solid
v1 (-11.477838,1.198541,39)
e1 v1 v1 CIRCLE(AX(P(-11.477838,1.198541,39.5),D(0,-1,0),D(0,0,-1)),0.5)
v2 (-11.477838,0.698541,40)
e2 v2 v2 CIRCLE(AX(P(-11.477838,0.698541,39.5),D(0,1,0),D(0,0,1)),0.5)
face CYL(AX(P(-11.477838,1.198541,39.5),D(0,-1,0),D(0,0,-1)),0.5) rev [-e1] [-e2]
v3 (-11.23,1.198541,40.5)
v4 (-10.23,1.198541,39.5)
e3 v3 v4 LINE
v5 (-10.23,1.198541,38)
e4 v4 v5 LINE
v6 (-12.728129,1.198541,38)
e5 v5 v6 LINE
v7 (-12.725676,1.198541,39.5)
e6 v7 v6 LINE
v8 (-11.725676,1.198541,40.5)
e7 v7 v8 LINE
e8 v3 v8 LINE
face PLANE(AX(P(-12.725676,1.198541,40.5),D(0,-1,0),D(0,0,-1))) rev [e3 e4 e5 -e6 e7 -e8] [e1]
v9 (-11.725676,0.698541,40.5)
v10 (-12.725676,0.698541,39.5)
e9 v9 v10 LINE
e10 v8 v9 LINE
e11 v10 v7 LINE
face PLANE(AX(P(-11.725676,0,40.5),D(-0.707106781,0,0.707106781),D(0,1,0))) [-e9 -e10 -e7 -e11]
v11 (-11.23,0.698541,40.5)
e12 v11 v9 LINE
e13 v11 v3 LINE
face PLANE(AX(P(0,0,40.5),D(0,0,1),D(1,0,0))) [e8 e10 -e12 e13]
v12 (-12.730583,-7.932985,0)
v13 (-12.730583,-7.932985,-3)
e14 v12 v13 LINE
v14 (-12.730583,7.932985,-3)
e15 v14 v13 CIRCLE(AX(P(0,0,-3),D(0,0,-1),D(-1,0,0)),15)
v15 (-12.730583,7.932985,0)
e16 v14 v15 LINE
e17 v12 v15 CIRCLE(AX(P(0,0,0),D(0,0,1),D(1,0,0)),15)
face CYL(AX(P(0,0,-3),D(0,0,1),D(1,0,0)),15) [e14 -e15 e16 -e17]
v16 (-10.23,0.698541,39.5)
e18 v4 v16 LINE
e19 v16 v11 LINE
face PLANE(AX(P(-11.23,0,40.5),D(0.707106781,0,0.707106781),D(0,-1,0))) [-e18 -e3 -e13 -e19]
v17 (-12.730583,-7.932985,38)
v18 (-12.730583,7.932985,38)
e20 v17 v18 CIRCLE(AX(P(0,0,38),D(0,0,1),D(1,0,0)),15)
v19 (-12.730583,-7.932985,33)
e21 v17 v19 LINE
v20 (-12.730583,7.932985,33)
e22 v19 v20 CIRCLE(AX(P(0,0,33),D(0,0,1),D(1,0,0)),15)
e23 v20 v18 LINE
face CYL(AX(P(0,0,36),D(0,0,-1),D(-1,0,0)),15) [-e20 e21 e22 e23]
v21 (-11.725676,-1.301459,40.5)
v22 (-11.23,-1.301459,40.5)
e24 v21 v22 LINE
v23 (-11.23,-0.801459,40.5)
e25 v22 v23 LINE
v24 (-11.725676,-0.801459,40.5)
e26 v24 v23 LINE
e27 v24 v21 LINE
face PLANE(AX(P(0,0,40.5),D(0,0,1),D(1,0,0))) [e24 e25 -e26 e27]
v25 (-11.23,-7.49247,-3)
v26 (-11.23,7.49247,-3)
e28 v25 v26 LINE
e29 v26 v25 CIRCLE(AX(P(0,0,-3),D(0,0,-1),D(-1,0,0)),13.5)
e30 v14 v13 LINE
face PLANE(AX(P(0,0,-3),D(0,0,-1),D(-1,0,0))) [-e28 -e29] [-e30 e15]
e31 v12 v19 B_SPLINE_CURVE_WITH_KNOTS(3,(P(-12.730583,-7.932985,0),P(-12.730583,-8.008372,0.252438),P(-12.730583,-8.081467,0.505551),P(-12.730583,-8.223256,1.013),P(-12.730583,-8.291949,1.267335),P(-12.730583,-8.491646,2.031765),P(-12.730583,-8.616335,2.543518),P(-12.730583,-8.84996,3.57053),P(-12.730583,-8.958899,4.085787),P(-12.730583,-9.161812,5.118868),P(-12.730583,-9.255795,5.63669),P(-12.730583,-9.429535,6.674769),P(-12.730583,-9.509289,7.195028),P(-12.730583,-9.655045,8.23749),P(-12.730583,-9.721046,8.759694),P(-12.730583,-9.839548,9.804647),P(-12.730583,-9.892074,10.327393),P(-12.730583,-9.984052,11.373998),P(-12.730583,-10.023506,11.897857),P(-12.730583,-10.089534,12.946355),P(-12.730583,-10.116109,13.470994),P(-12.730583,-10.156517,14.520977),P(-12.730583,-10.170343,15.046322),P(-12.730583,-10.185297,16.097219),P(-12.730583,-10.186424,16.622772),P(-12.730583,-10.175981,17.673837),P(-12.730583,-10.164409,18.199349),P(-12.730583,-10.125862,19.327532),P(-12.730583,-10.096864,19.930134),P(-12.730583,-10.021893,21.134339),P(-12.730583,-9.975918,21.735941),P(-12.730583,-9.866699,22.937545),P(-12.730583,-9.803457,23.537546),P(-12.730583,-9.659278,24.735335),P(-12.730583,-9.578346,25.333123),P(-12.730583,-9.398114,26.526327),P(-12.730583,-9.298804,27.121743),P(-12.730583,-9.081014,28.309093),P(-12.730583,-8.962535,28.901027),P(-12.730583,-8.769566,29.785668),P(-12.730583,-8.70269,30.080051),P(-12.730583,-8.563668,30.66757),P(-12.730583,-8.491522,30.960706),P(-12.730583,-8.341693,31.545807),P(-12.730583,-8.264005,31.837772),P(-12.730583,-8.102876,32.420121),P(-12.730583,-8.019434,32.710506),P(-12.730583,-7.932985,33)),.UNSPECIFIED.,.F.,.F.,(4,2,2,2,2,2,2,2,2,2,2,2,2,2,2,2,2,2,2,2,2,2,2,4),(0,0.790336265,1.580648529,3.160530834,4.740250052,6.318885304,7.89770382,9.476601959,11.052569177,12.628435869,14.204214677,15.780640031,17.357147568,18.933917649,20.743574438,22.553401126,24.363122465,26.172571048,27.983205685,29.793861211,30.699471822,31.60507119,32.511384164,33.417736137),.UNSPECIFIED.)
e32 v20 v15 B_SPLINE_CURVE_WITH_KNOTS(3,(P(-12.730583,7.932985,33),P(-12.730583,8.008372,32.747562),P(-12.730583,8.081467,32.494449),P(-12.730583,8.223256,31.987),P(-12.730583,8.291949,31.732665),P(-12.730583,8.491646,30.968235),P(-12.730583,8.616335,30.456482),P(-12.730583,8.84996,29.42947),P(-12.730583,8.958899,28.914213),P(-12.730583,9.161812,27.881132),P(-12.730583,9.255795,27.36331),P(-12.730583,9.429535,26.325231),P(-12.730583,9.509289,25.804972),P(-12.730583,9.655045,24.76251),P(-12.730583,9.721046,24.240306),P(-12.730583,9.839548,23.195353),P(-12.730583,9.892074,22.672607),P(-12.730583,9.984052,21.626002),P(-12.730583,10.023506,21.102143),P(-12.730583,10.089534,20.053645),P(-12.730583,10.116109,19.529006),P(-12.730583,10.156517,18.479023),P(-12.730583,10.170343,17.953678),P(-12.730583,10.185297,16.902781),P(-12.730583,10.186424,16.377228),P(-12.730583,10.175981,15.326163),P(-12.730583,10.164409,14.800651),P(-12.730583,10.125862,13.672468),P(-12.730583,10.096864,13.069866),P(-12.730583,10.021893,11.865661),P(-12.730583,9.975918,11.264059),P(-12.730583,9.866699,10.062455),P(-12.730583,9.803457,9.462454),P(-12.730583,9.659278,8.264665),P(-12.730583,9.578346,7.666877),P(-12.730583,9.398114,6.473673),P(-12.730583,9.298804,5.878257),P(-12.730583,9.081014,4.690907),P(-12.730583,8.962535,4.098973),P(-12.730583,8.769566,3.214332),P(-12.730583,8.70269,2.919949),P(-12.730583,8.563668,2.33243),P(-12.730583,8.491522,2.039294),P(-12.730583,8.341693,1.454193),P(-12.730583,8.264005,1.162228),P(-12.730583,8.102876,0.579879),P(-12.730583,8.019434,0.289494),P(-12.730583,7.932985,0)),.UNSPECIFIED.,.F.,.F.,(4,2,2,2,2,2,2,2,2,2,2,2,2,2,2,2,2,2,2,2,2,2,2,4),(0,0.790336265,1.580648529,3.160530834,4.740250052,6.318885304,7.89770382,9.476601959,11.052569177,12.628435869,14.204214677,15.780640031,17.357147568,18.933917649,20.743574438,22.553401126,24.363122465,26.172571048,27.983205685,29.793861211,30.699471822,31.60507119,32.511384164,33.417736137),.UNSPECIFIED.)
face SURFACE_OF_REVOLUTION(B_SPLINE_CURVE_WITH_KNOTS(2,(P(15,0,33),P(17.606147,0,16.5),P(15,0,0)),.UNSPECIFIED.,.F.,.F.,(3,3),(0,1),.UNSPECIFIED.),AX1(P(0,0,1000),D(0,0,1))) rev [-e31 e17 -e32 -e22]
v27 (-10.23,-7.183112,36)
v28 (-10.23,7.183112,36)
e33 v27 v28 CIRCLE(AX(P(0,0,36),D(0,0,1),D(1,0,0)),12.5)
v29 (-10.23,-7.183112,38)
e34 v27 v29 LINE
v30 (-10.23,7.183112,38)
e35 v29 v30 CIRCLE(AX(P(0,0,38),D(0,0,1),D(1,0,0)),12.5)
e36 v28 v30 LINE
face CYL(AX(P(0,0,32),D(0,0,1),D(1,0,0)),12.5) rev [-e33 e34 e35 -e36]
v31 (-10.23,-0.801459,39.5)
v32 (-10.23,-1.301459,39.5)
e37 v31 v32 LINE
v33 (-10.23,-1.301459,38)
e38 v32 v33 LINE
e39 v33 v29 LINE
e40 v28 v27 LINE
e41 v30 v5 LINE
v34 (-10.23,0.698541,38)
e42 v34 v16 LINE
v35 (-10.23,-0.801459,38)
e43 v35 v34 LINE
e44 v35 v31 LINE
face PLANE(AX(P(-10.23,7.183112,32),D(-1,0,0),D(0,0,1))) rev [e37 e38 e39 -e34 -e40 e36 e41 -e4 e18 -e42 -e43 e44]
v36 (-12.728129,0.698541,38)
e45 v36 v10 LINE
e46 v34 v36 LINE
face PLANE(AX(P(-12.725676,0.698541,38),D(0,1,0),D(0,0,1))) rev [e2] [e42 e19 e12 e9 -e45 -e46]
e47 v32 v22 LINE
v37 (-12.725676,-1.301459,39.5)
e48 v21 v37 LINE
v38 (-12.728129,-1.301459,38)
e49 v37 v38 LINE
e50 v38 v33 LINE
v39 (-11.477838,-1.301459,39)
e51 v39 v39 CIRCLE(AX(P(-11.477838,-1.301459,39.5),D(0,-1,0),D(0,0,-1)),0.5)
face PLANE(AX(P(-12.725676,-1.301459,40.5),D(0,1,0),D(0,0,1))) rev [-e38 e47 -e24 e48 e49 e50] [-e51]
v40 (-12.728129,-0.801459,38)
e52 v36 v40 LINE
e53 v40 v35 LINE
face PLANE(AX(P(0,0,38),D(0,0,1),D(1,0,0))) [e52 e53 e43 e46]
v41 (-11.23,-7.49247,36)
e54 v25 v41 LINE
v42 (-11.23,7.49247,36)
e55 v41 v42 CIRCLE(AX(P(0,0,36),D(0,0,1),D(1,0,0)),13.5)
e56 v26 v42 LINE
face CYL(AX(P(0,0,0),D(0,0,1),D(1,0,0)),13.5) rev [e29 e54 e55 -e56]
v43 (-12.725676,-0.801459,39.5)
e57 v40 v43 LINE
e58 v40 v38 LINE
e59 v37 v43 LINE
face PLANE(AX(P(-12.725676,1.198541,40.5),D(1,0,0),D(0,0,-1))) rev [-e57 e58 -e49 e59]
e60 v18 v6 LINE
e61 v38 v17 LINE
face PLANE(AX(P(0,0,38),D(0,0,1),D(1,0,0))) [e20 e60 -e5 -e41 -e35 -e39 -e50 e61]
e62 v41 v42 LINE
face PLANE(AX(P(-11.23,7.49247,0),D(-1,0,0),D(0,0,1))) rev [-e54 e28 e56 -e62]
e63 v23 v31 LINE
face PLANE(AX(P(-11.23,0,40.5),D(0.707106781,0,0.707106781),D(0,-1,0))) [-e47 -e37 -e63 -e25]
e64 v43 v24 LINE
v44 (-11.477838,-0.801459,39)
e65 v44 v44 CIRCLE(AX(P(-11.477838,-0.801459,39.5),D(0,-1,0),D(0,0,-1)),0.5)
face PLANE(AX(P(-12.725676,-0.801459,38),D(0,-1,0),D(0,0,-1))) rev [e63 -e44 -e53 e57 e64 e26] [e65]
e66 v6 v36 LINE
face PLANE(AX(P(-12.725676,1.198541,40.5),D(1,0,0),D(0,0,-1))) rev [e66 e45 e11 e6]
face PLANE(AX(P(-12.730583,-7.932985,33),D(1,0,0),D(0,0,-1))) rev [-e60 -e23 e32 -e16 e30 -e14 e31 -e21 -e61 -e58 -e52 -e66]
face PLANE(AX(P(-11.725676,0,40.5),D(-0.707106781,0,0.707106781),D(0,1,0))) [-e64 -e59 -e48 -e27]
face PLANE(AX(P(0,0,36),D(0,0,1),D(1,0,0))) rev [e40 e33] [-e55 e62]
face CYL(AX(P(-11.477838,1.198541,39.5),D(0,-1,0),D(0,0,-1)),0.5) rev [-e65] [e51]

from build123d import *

# Parameters (mm, degrees)
BOSS_EXTRUDE1_DEPTH       = 33
CUT_EXTRUDE2_DEPTH        = 33
CUT_EXTRUDE3_DEPTH        = 33
SKETCH5_R                 = 15
SKETCH5_R_2               = 13.5
BOSS_EXTRUDE2_DEPTH       = 3
SKETCH6_R                 = 15
SKETCH6_R_2               = 13.5
BOSS_EXTRUDE6_DEPTH       = 3
BOSS_EXTRUDE8_DEPTH       = 1
BOSS_EXTRUDE9_DEPTH       = 1
CUT_EXTRUDE4_DEPTH        = 43
BOSS_EXTRUDE16_DEPTH      = 3
BOSS_EXTRUDE16_DEPTH_BACK = 36
BOSS_EXTRUDE18_DEPTH      = 2
CUT_EXTRUDE5_DEPTH        = 6
SKETCH15_W                = 2.495675776
SKETCH15_H                = 2.5
BOSS_EXTRUDE19_DEPTH      = 2.5
SKETCH16_W                = 2.495675776
SKETCH16_H                = 1.5
CUT_EXTRUDE6_DEPTH        = 2.5
SKETCH17_R                = 0.5
CUT_EXTRUDE7_DEPTH        = 2.5
CHAMFER1_SIZE             = 1


with BuildPart() as part:
    # Sketch1 → Boss-Extrude1 (new body)
    with BuildSketch(Plane.XY):
        with BuildLine():
            Line((-12.730582936, -7.932985447), (-12.730582936, 7.932985447))
            ThreePointArc((-12.730582936, 7.932985447), (15, 0), (-12.730582936, -7.932985447))
        make_face()
    extrude(amount=BOSS_EXTRUDE1_DEPTH)

    # Sketch2 → Cut-Extrude2 (cut)
    with BuildSketch(Plane.XY.offset(33)):
        with BuildLine():
            Line((-11.23, 7.492469553), (-11.23, -7.492469553))
            ThreePointArc((-11.23, -7.492469553), (13.5, 0), (-11.23, 7.492469553))
        make_face()
    extrude(amount=-CUT_EXTRUDE2_DEPTH, mode=Mode.SUBTRACT)

    # Sketch3 → Revolve1 (revolve)
    with BuildSketch(Plane(origin=(0, 0, 0), x_dir=(1, 0, 0), z_dir=(0, 1, 0))):
        with BuildLine():
            Line((15, 0), (15, -33))
            add(Edge.make_bspline(
                [(15, 0), (17.606147379, -16.5), (15, -33)],
                knots=[0, 0, 0, 1, 1, 1], degree=2))
        make_face()
    revolve(axis=Axis((0, 0, 1000), (0, 0, -1)))

    # Sketch4 → Cut-Extrude3 (cut)
    with BuildSketch(Plane(origin=(0, 0, 0), x_dir=(-1, 0, 0), z_dir=(0, 0, -1))):
        Polygon((12.730582936, 16.416653829), (12.730582936, -13.128756539), (18.380259155, -13.128756539), (18.380259155, 16.827640991), align=None)
    extrude(amount=-CUT_EXTRUDE3_DEPTH, mode=Mode.SUBTRACT)

    # Sketch5 → Boss-Extrude2 (add)
    with BuildSketch(Plane.XY.offset(33)):
        with Locations(Location((0, 0, 0), (0, 0, 211.9288465))):
            Circle(SKETCH5_R)
        Circle(SKETCH5_R_2, mode=Mode.SUBTRACT)
    extrude(amount=BOSS_EXTRUDE2_DEPTH)

    # Sketch6 → Boss-Extrude6 (add)
    with BuildSketch(Plane(origin=(0, 0, 0), x_dir=(-1, 0, 0), z_dir=(0, 0, -1))):
        with Locations(Location((0, 0, 0), (0, 0, 328.0711535))):
            Circle(SKETCH6_R)
        with Locations(Location((0, 0, 0), (0, 0, 180))):
            Circle(SKETCH6_R_2, mode=Mode.SUBTRACT)
    extrude(amount=BOSS_EXTRUDE6_DEPTH)

    # Sketch7 → Boss-Extrude8 (add)
    with BuildSketch(Plane(origin=(0, 0, 0), x_dir=(-1, 0, 0), z_dir=(0, 0, -1))):
        with BuildLine():
            Line((12.730582936, 4.492466817), (12.730582936, -4.320544614))
            add(Edge.make_bspline(
                [(12.730582936, 4.492466817), (14.26616245, 0.098577046), (12.730582936, -4.320544614)],
                knots=[0, 0, 0, 1, 1, 1], degree=2))
        make_face()
    extrude(amount=-BOSS_EXTRUDE8_DEPTH)

    # Sketch8 → Boss-Extrude9 (add)
    with BuildSketch(Plane.XY.offset(33)):
        with BuildLine():
            Line((-12.730582936, 4.492466817), (-12.730582936, -4.320544614))
            add(Edge.make_bspline(
                [(-12.730582936, 4.492466817), (-13.227968128, 3.051756818), (-13.780379485, 0.057351366), (-13.212282114, -2.937471643), (-12.730582936, -4.320544614)],
                knots=[0, 0, 0, 0, 0.509558316, 1, 1, 1, 1], degree=3))
        make_face()
    extrude(amount=-BOSS_EXTRUDE9_DEPTH)

    # Sketch10 → Cut-Extrude4 (cut)
    with BuildSketch(Plane(origin=(0, 0, -3), x_dir=(-1, 0, 0), z_dir=(0, 0, -1))):
        Polygon((12.730582936, 10.184422901), (12.730582936, -10.184422901), (17.774387551, -7.968584404), (17.180739429, 9.475537328), align=None)
    extrude(amount=-CUT_EXTRUDE4_DEPTH, mode=Mode.SUBTRACT)

    # Sketch12 → Boss-Extrude16 (add, two sides)
    with BuildSketch(Plane.XY.offset(33)) as boss_extrude16_sk:
        Polygon((-11.23, 7.492469553), (-11.23, -7.492469553), (-12.730582936, -7.492469553), (-12.730582936, -4.492466817), (-12.730582936, 4.492466817), (-12.730582936, 7.492469553), align=None)
    extrude(amount=BOSS_EXTRUDE16_DEPTH)
    extrude(boss_extrude16_sk.sketch, amount=-BOSS_EXTRUDE16_DEPTH_BACK)

    # Sketch13 → Boss-Extrude18 (add)
    with BuildSketch(Plane.XY.offset(36)):
        with BuildLine():
            Line((-12.730582936, 7.932985447), (-12.730582936, -7.932985447))
            ThreePointArc((-12.730582936, -7.932985447), (15, 0), (-12.730582936, 7.932985447))
        make_face()
        with BuildLine():
            Line((-11.23, -7.492469553), (-11.23, 7.492469553))
            ThreePointArc((-11.23, 7.492469553), (13.5, 0), (-11.23, -7.492469553))
        make_face(mode=Mode.SUBTRACT)
        with BuildLine():
            ThreePointArc((-11.23, 7.492469553), (13.5, 0), (-11.23, -7.492469553))
            Line((-11.23, -7.492469553), (-11.23, 7.492469553))
        make_face()
    extrude(amount=BOSS_EXTRUDE18_DEPTH)

    # Sketch14 → Cut-Extrude5 (cut)
    with BuildSketch(Plane.XY.offset(38)):
        with BuildLine():
            Line((-10.23, 7.183112139), (-10.23, -7.183112139))
            ThreePointArc((-10.23, -7.183112139), (12.5, 0), (-10.23, 7.183112139))
        make_face()
    extrude(amount=-CUT_EXTRUDE5_DEPTH, mode=Mode.SUBTRACT)

    # Sketch15 → Boss-Extrude19 (add)
    with BuildSketch(Plane.XY.offset(38)):
        with Locations((-11.477837888, -0.051459344)):
            Rectangle(SKETCH15_W, SKETCH15_H)
    extrude(amount=BOSS_EXTRUDE19_DEPTH)

    # Sketch16 → Cut-Extrude6 (cut)
    with BuildSketch(Plane.XY.offset(40.5)):
        with Locations((-11.477837888, -0.051459344)):
            Rectangle(SKETCH16_W, SKETCH16_H)
    extrude(amount=-CUT_EXTRUDE6_DEPTH, mode=Mode.SUBTRACT)

    # Sketch17 → Cut-Extrude7 (cut)
    with BuildSketch(Plane.XZ.offset(1.301459344)):
        with Locations(Location((-11.477837888, 39.5, 0), (0, 0, 270))):
            Circle(SKETCH17_R)
    extrude(amount=-CUT_EXTRUDE7_DEPTH, mode=Mode.SUBTRACT)

    # Chamfer1
    chamfer1_edges = [part.edges().sort_by_distance(p)[0] for p in [
        (-12.725675776, -1.051459344, 40.5),
        (-12.725675776, 0.948540656, 40.5),
        (-10.23, -1.051459344, 40.5),
        (-10.23, 0.948540656, 40.5),
    ]]
    chamfer(chamfer1_edges, length=CHAMFER1_SIZE)


solid = part.part
